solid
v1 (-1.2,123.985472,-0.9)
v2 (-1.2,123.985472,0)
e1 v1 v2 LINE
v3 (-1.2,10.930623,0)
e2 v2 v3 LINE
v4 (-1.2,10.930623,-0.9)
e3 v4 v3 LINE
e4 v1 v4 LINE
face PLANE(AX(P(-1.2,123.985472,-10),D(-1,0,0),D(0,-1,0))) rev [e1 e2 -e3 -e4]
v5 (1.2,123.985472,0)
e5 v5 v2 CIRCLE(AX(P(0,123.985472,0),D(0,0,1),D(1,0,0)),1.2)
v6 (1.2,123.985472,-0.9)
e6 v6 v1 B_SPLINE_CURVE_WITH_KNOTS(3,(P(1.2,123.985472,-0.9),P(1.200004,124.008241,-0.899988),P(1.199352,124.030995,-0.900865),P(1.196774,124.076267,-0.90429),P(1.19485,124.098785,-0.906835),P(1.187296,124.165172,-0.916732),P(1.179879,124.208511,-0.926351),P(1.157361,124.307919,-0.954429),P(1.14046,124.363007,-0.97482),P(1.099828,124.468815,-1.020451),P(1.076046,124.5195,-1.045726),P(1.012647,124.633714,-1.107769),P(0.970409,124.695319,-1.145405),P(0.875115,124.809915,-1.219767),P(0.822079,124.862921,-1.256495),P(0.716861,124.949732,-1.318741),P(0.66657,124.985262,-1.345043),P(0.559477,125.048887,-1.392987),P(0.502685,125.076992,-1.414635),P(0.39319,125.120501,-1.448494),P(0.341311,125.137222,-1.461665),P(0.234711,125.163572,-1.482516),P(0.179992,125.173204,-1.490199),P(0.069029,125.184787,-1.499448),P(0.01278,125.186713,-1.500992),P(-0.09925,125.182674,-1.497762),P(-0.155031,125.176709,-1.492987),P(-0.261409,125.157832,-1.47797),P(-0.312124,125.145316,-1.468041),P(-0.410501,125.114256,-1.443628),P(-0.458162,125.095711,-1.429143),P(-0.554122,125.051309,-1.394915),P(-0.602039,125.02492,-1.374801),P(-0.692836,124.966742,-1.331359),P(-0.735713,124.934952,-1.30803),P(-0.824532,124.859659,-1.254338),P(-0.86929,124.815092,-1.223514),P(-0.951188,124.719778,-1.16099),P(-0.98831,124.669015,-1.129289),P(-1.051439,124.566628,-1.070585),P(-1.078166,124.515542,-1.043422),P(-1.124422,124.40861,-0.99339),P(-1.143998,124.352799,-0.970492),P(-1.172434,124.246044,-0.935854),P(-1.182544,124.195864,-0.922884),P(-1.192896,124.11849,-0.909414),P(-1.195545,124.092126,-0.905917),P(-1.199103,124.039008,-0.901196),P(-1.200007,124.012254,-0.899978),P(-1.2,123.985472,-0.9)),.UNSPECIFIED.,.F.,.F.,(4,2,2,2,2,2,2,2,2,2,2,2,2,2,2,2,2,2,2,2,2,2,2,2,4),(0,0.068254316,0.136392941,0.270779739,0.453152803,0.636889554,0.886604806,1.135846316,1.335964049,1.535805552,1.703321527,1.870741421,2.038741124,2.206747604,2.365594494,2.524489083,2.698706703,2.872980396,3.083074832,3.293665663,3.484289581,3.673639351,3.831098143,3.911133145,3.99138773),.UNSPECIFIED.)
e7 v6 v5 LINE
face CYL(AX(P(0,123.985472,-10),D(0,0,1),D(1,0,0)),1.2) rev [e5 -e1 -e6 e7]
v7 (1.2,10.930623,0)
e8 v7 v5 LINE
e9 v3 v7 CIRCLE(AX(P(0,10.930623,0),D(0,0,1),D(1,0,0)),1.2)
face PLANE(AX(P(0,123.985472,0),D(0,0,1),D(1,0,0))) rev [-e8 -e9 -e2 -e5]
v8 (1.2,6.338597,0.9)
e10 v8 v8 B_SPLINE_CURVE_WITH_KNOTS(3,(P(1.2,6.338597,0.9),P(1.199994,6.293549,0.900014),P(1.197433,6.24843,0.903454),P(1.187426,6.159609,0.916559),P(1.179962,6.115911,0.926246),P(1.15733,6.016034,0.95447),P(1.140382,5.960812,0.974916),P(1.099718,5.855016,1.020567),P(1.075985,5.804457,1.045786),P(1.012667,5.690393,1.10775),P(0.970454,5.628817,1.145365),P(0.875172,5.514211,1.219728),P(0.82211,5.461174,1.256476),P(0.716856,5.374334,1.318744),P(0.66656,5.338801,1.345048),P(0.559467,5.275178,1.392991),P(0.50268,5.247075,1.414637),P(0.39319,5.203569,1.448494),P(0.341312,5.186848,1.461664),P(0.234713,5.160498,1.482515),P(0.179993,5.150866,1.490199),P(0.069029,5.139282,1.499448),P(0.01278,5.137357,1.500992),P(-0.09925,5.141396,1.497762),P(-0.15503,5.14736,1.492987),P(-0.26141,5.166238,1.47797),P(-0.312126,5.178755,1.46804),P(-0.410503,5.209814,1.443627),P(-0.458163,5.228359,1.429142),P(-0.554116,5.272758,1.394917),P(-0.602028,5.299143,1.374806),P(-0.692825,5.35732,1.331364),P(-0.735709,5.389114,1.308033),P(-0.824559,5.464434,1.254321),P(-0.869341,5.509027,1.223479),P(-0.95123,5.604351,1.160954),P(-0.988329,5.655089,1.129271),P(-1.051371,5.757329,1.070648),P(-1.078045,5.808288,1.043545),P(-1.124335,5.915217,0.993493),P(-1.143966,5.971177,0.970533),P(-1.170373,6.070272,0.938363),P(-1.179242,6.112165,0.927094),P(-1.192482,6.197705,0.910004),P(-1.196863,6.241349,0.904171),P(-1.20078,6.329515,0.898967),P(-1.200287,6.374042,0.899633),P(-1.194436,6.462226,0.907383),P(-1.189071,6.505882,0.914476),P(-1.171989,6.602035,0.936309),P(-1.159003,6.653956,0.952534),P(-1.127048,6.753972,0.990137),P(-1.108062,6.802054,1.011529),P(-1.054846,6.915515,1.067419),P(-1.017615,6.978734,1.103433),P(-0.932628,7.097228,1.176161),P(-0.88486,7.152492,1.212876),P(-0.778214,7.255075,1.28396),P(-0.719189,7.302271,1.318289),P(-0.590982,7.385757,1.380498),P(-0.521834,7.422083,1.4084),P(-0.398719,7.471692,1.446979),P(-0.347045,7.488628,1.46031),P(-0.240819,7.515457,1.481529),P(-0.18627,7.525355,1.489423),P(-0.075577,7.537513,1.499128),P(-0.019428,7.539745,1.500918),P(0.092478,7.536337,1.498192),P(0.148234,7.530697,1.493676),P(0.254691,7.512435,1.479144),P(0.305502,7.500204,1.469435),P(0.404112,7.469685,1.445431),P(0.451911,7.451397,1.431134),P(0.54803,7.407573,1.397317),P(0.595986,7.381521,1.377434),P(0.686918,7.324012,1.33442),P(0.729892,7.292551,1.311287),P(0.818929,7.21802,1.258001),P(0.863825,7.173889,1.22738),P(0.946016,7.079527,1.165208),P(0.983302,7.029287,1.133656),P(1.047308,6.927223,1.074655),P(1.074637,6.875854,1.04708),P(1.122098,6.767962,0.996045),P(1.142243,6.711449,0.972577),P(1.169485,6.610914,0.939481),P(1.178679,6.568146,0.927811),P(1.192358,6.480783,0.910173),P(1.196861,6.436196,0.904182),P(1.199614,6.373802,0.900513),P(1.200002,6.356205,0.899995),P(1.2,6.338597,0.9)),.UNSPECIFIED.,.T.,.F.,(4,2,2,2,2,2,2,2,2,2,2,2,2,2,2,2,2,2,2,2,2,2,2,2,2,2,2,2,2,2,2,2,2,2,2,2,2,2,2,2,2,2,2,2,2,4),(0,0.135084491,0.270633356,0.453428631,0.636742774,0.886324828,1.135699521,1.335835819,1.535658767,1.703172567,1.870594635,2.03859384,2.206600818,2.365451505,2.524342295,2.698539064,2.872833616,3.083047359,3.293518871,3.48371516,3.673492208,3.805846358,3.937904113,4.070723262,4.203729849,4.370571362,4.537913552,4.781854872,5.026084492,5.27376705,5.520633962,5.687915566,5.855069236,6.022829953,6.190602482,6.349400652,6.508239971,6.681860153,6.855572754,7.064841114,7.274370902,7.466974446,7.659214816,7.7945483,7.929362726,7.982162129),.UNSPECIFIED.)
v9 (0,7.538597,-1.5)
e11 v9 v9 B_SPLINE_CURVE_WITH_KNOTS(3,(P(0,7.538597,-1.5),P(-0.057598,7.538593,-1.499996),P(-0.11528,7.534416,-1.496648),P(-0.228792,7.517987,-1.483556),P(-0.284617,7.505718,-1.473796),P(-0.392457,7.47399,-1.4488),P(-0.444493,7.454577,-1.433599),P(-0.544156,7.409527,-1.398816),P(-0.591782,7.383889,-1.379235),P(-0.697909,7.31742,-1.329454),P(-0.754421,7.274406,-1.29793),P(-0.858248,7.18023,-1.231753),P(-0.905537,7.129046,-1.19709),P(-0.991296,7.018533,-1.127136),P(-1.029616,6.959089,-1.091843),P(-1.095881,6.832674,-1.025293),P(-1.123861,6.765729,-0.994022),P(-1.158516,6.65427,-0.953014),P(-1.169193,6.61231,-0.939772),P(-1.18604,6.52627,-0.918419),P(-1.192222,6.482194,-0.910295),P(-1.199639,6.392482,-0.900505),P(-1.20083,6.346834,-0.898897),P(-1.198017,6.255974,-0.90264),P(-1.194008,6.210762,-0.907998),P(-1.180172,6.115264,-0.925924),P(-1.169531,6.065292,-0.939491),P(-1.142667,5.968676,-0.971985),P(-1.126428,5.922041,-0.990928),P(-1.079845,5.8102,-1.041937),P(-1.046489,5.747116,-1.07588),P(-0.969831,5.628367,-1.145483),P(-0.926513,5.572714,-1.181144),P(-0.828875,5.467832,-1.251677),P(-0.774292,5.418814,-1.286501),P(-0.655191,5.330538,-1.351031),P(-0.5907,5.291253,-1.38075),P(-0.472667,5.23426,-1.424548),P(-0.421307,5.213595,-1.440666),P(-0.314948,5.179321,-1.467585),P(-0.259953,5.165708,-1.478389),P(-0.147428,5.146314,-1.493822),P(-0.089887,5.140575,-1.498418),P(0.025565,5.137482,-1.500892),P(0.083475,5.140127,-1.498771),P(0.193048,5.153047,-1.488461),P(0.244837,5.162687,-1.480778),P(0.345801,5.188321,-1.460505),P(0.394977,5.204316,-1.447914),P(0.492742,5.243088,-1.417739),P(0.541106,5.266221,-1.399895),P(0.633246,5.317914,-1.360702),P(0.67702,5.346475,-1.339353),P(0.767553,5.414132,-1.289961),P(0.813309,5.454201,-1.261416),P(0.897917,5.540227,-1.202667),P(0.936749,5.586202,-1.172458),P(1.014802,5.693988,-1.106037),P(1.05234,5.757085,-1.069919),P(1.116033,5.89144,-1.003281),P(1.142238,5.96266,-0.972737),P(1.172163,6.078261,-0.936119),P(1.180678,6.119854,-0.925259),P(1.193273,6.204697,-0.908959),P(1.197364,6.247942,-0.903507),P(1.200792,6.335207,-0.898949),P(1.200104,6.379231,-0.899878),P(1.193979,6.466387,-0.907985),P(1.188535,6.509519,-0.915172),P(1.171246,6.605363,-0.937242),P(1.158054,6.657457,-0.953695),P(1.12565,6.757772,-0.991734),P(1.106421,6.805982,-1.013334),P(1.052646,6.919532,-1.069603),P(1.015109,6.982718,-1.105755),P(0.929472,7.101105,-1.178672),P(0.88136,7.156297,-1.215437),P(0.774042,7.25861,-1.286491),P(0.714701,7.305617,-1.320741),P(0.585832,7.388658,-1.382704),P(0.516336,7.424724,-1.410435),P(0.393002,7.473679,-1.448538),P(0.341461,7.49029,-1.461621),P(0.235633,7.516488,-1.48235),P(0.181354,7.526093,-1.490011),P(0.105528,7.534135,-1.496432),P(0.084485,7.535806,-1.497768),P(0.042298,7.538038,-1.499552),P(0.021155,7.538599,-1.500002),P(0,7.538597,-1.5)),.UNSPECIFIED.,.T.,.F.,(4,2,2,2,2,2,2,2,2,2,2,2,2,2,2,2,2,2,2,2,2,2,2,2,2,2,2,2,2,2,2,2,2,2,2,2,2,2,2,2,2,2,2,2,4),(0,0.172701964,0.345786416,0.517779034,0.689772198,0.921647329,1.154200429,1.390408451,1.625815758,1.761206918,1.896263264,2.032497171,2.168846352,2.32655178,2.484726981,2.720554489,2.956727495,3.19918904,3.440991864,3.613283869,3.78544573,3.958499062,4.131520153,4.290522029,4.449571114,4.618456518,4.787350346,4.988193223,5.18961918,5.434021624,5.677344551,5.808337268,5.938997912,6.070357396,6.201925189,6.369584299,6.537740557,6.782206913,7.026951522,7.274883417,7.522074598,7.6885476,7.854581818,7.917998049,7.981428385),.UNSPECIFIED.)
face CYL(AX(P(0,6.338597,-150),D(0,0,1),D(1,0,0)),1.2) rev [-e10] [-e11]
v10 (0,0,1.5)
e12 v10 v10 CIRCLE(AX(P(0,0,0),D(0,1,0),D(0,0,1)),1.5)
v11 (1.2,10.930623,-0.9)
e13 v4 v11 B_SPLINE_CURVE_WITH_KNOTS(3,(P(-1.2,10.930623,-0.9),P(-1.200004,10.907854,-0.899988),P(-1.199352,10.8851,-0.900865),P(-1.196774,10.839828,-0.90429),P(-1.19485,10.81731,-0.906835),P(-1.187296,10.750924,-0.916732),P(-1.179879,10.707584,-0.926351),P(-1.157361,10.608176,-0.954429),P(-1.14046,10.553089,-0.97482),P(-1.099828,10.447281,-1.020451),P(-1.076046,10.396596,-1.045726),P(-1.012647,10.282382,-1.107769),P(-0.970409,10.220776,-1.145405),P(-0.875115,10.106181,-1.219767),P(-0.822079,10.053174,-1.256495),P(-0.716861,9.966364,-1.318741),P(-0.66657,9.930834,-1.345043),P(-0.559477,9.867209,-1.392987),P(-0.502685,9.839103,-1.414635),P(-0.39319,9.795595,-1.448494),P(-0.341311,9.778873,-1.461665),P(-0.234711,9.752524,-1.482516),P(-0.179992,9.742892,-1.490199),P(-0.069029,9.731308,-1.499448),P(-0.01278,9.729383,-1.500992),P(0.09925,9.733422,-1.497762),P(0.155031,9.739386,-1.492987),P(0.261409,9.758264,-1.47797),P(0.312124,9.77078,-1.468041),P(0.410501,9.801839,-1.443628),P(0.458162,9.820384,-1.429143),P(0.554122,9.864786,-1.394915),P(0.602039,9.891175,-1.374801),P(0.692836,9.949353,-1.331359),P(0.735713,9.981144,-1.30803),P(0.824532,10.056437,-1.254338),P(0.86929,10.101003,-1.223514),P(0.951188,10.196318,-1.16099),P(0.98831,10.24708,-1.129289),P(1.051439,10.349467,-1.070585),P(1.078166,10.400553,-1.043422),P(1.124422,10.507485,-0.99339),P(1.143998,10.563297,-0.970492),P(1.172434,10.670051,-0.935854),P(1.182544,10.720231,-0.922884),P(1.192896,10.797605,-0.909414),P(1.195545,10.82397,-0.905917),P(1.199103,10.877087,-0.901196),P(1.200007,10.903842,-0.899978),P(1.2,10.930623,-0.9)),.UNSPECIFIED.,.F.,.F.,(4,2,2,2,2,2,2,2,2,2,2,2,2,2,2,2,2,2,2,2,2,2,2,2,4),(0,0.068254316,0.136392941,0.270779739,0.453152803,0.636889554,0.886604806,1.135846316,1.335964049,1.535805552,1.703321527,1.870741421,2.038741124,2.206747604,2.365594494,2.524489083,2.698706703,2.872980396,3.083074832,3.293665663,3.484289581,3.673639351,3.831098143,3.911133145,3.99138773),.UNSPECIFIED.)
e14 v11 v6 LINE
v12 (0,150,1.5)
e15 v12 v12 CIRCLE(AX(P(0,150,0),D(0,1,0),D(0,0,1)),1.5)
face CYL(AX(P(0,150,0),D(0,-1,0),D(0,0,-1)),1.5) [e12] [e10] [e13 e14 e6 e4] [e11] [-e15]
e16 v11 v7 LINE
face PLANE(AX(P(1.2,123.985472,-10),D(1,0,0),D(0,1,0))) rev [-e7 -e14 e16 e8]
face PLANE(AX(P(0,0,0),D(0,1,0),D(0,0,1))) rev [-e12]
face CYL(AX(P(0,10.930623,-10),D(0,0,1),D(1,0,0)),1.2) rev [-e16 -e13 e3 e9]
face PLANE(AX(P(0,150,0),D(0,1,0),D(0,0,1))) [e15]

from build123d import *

# Parameters (mm, degrees)
SKETCH_1_R          = 1.5
EXTRUDE_1_DEPTH     = 150
SKETCH_3_R          = 1.2
CUT_EXTRUDE_2_DEPTH = 150
CUT_EXTRUDE_3_DEPTH = 10


with BuildPart() as part:
    # 草图1 → 凸台-拉伸1 (new body)
    with BuildSketch(Plane(origin=(0, 0, 0), x_dir=(1, 0, 0), z_dir=(0, 1, 0))):
        with Locations(Location((0, 0, 0), (0, 0, 270))):
            Circle(SKETCH_1_R)
    extrude(amount=EXTRUDE_1_DEPTH)

    # 草图3 → 切除-拉伸2 (cut, symmetric)
    with BuildSketch(Plane.XY):
        with Locations((0, 6.338597252)):
            Circle(SKETCH_3_R)
    extrude(amount=CUT_EXTRUDE_2_DEPTH, both=True, mode=Mode.SUBTRACT)

    # 草图5 → 切除-拉伸3 (cut)
    with BuildSketch(Plane.XY):
        with BuildLine():
            Line((1.2, 123.985472487), (1.2, 10.930622971))
            ThreePointArc((1.2, 10.930622971), (0, 9.730622971), (-1.2, 10.930622971))
            Line((-1.2, 10.930622971), (-1.2, 123.985472487))
            ThreePointArc((-1.2, 123.985472487), (0, 125.185472487), (1.2, 123.985472487))
        make_face()
    extrude(amount=-CUT_EXTRUDE_3_DEPTH, mode=Mode.SUBTRACT)


solid = part.part
